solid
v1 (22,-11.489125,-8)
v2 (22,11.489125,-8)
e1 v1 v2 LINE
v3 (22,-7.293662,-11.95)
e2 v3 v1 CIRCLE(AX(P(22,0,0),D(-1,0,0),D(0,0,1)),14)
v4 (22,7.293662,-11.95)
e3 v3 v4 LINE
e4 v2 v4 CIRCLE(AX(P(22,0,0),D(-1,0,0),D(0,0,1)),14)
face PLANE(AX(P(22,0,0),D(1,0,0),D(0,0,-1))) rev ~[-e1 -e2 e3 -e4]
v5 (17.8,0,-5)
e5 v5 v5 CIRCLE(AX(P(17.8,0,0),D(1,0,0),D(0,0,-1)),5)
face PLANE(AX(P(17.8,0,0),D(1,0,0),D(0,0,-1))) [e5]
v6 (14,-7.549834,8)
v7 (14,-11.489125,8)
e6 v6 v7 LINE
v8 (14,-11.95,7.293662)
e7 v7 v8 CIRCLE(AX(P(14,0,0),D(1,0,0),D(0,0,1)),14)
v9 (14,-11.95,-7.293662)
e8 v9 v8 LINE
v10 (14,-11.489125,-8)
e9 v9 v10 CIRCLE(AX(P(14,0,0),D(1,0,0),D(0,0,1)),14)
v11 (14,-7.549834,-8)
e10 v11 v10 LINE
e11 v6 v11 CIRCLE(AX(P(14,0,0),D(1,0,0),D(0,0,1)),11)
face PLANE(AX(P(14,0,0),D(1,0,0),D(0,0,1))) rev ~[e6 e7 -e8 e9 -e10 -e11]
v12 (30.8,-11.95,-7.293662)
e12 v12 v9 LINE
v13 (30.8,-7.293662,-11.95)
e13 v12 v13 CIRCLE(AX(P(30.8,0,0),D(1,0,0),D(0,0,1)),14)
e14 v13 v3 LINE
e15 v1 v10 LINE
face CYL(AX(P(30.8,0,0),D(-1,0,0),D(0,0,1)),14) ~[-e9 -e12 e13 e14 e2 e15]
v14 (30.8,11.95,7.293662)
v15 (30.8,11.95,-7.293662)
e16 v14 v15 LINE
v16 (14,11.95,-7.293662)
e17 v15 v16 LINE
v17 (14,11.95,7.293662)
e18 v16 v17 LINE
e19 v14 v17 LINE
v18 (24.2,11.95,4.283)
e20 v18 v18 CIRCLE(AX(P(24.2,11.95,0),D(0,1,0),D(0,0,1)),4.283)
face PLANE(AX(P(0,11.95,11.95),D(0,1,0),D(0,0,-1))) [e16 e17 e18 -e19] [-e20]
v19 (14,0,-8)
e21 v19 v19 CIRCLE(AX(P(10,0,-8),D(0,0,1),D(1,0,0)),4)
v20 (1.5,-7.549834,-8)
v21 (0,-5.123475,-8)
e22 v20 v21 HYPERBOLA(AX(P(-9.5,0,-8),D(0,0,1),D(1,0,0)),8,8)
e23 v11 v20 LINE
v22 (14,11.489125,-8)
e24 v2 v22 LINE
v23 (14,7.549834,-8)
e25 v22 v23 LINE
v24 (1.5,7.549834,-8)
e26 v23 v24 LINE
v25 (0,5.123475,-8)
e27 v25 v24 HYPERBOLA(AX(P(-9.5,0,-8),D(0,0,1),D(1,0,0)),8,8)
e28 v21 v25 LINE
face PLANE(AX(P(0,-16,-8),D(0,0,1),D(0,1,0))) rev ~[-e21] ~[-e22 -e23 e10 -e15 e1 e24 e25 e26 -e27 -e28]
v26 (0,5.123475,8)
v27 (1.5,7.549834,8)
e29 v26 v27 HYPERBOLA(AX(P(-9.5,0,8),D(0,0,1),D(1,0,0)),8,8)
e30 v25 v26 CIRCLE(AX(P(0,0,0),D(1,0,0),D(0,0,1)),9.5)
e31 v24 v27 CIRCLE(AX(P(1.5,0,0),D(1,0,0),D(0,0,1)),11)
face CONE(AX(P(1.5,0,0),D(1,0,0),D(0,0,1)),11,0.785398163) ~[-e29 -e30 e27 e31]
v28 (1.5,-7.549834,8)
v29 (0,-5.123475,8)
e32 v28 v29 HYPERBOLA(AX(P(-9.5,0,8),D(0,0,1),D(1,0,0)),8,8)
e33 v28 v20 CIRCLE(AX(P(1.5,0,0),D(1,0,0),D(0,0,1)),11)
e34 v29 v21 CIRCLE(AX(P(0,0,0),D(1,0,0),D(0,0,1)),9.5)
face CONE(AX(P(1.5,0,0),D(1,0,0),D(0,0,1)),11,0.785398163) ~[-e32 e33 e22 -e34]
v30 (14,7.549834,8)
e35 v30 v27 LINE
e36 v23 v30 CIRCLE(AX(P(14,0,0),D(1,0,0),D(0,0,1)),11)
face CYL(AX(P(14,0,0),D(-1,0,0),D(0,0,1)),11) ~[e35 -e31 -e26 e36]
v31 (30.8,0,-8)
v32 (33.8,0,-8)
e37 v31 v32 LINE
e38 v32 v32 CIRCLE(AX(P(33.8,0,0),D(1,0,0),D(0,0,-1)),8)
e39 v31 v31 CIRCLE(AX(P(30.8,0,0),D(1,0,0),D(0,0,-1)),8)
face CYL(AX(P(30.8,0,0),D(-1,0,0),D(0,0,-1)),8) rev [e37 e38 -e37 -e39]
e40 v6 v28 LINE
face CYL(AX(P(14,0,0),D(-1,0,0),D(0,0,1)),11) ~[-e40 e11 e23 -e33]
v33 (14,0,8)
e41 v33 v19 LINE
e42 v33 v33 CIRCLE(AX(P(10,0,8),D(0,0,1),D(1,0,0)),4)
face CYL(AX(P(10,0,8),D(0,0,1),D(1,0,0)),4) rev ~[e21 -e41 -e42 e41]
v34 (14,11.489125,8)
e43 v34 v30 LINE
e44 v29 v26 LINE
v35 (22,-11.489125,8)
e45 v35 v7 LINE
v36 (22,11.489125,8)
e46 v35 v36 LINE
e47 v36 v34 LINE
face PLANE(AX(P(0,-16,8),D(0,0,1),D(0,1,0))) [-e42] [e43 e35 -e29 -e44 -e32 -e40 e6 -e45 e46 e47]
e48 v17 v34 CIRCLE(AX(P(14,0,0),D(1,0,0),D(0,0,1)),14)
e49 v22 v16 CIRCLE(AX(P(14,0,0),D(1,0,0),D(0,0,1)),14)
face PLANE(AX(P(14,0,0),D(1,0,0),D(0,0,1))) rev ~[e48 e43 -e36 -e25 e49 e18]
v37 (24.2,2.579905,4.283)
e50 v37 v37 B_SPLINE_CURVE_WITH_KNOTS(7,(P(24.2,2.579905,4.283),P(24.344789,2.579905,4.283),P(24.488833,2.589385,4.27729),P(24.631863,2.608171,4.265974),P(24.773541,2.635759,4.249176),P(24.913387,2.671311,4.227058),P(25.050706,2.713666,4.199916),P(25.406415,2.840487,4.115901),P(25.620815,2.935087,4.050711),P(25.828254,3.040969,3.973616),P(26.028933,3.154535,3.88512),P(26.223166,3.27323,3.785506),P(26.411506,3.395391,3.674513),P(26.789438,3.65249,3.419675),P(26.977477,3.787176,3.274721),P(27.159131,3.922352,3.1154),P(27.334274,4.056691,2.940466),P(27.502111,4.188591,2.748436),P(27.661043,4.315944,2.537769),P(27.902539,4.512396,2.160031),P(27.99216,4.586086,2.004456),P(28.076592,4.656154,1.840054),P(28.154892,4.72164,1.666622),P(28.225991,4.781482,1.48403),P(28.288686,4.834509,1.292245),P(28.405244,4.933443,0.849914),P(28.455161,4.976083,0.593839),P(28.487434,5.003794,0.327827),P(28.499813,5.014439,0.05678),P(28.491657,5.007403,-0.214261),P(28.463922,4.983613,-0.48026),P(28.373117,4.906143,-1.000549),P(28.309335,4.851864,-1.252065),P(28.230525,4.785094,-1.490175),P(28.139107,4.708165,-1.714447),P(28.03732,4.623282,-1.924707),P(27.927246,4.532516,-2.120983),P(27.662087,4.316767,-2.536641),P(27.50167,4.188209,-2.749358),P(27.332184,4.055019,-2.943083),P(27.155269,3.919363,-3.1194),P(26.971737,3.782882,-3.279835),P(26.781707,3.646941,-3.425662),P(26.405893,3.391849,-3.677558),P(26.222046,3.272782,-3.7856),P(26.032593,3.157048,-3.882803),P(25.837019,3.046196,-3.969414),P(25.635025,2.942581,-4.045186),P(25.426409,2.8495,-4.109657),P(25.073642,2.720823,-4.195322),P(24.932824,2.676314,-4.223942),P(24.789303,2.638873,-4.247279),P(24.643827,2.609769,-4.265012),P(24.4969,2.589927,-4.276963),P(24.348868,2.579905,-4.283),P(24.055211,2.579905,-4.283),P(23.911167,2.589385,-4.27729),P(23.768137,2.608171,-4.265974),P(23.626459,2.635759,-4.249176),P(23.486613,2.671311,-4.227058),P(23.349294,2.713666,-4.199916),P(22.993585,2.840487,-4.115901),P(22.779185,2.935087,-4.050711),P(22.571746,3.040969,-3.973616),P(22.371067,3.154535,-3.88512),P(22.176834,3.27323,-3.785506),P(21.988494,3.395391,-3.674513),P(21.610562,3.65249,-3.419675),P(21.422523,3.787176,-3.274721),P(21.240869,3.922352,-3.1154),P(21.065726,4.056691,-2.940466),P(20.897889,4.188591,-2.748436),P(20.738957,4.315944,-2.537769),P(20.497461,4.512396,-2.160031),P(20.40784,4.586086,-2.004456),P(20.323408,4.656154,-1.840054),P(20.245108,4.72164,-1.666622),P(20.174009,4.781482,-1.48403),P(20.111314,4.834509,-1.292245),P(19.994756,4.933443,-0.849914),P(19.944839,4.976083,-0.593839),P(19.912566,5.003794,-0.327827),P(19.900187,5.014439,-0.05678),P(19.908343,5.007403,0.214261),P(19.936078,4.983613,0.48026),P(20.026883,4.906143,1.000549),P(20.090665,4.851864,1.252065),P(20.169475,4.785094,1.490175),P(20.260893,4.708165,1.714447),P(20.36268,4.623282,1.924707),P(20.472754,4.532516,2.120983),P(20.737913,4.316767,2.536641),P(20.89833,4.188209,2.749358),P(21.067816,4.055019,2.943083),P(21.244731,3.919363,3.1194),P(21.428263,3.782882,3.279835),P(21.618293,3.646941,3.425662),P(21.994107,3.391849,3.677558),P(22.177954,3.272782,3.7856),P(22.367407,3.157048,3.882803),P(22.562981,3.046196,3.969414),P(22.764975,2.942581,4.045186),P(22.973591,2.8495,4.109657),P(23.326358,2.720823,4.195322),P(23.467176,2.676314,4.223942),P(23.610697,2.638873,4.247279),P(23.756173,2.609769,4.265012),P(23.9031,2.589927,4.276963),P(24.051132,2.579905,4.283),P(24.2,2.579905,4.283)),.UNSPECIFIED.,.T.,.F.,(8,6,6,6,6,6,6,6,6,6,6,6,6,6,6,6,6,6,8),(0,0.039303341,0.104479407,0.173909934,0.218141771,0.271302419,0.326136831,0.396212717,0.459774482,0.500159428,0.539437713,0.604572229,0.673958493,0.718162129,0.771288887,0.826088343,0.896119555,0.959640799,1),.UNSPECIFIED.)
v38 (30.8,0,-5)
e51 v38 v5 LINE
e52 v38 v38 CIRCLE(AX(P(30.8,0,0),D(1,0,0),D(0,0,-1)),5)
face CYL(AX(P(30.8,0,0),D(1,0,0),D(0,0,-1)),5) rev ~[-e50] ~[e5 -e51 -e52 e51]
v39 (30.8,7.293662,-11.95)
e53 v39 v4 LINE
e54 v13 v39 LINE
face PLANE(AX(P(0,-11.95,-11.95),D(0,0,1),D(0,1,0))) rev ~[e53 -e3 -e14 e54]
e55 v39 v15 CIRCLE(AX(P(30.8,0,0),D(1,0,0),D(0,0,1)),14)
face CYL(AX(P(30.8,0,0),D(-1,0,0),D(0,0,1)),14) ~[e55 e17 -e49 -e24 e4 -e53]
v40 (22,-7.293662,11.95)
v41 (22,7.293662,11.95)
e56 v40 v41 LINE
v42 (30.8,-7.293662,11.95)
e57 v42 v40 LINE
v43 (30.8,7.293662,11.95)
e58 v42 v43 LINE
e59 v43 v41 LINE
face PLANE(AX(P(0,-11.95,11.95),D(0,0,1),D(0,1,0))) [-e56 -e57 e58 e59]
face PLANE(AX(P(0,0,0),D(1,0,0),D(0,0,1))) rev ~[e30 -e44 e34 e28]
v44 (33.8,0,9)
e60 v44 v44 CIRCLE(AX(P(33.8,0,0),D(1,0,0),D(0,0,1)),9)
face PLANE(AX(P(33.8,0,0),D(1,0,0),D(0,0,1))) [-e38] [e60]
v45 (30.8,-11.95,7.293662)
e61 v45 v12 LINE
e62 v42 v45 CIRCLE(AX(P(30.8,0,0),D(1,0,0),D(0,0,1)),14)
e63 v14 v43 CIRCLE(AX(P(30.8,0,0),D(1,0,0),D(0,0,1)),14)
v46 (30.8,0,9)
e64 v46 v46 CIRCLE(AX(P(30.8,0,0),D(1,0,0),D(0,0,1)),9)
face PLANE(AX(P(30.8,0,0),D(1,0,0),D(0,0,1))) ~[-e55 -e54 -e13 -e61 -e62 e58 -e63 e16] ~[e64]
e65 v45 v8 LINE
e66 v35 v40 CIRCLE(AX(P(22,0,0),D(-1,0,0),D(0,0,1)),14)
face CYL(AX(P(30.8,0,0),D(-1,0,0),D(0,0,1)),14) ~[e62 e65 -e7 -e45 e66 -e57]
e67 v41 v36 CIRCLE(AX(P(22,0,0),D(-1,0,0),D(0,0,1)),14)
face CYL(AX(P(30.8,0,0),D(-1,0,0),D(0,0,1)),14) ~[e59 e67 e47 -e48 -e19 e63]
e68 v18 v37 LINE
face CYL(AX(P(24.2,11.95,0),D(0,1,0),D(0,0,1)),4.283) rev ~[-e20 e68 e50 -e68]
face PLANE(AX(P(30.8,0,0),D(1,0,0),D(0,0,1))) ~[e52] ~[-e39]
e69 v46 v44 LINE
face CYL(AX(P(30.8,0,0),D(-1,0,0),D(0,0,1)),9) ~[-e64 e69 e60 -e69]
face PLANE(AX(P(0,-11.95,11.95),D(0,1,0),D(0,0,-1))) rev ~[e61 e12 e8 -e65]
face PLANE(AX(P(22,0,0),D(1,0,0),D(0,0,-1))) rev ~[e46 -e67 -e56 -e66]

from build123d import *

# Parameters (mm, degrees)
CROQUIS2_OUTSIDE_W      = 40.034
CROQUIS2_OUTSIDE_H      = 40.034
CROQUIS2_OUTSIDE_W_2    = 23.9
CROQUIS2_OUTSIDE_H_2    = 23.9
CORTAR_EXTRUIR1_DEPTH   = 37.614751126
CROQUIS3_OUTSIDE_W      = 35.046
CROQUIS3_OUTSIDE_H      = 35.046
CROQUIS3_OUTSIDE_W_2    = 16
CROQUIS3_OUTSIDE_H_2    = 32
CORTAR_EXTRUIR2_DEPTH   = 22
CROQUIS4_R              = 9
CROQUIS4_R_2            = 8
SALIENTE_EXTRUIR1_DEPTH = 3
CROQUIS5_R              = 4
CORTAR_EXTRUIR3_DEPTH   = 42.027368914
CROQUIS8_R              = 5
CORTAR_EXTRUIR4_DEPTH   = 13
CROQUIS7_R              = 4.283
CORTAR_EXTRUIR5_DEPTH   = 13


with BuildPart() as part:
    # Croquis1 → Revolución1 (revolve)
    with BuildSketch(Plane(origin=(0, 0, 0), x_dir=(1, 0, 0), z_dir=(0, 1, 0)), mode=Mode.PRIVATE) as revoluci_n1_sk:
        Polygon((0, 0), (30.8, 0), (30.8, 14), (14, 14), (14, 11), (1.5, 11), (0, 9.5), align=None)
    revolve(revoluci_n1_sk.sketch.rotate(Axis((0, 0, 0), (1, 0, 0)), 180), axis=Axis((0, 0, 0), (1, 0, 0)))

    # Croquis2 outside → Cortar-Extruir1 (cut, through all)
    with BuildSketch(Plane(origin=(0, 0, 0), x_dir=(0, 0, -1), z_dir=(1, 0, 0))):
        Rectangle(CROQUIS2_OUTSIDE_W, CROQUIS2_OUTSIDE_H)
        Rectangle(CROQUIS2_OUTSIDE_W_2, CROQUIS2_OUTSIDE_H_2, mode=Mode.SUBTRACT)
    extrude(amount=CORTAR_EXTRUIR1_DEPTH, mode=Mode.SUBTRACT)

    # Croquis3 outside → Cortar-Extruir2 (cut)
    with BuildSketch(Plane(origin=(0, 0, 0), x_dir=(0, 0, -1), z_dir=(1, 0, 0))):
        Rectangle(CROQUIS3_OUTSIDE_W, CROQUIS3_OUTSIDE_H)
        Rectangle(CROQUIS3_OUTSIDE_W_2, CROQUIS3_OUTSIDE_H_2, mode=Mode.SUBTRACT)
    extrude(amount=CORTAR_EXTRUIR2_DEPTH, mode=Mode.SUBTRACT)

    # Croquis4 → Saliente-Extruir1 (add)
    with BuildSketch(Plane(origin=(30.8, 0, 0), x_dir=(0, 0, -1), z_dir=(1, 0, 0))):
        with Locations(Location((0, 0, 0), (0, 0, 180))):
            Circle(CROQUIS4_R)
        Circle(CROQUIS4_R_2, mode=Mode.SUBTRACT)
    extrude(amount=SALIENTE_EXTRUIR1_DEPTH)

    # Croquis5 → Cortar-Extruir3 (cut, through all)
    with BuildSketch(Plane.XY.offset(8)):
        with Locations((10, 0)):
            Circle(CROQUIS5_R)
    extrude(amount=-CORTAR_EXTRUIR3_DEPTH, mode=Mode.SUBTRACT)

    # Croquis8 → Cortar-Extruir4 (cut)
    with BuildSketch(Plane(origin=(30.8, 0, 0), x_dir=(0, 0, -1), z_dir=(1, 0, 0))):
        Circle(CROQUIS8_R)
    extrude(amount=-CORTAR_EXTRUIR4_DEPTH, mode=Mode.SUBTRACT)

    # Croquis7 → Cortar-Extruir5 (cut)
    with BuildSketch(Plane(origin=(0, 11.95, 0), x_dir=(1, 0, 0), z_dir=(0, 1, 0))):
        with Locations(Location((24.2, 0, 0), (0, 0, 270))):
            Circle(CROQUIS7_R)
    extrude(amount=-CORTAR_EXTRUIR5_DEPTH, mode=Mode.SUBTRACT)


solid = part.part
